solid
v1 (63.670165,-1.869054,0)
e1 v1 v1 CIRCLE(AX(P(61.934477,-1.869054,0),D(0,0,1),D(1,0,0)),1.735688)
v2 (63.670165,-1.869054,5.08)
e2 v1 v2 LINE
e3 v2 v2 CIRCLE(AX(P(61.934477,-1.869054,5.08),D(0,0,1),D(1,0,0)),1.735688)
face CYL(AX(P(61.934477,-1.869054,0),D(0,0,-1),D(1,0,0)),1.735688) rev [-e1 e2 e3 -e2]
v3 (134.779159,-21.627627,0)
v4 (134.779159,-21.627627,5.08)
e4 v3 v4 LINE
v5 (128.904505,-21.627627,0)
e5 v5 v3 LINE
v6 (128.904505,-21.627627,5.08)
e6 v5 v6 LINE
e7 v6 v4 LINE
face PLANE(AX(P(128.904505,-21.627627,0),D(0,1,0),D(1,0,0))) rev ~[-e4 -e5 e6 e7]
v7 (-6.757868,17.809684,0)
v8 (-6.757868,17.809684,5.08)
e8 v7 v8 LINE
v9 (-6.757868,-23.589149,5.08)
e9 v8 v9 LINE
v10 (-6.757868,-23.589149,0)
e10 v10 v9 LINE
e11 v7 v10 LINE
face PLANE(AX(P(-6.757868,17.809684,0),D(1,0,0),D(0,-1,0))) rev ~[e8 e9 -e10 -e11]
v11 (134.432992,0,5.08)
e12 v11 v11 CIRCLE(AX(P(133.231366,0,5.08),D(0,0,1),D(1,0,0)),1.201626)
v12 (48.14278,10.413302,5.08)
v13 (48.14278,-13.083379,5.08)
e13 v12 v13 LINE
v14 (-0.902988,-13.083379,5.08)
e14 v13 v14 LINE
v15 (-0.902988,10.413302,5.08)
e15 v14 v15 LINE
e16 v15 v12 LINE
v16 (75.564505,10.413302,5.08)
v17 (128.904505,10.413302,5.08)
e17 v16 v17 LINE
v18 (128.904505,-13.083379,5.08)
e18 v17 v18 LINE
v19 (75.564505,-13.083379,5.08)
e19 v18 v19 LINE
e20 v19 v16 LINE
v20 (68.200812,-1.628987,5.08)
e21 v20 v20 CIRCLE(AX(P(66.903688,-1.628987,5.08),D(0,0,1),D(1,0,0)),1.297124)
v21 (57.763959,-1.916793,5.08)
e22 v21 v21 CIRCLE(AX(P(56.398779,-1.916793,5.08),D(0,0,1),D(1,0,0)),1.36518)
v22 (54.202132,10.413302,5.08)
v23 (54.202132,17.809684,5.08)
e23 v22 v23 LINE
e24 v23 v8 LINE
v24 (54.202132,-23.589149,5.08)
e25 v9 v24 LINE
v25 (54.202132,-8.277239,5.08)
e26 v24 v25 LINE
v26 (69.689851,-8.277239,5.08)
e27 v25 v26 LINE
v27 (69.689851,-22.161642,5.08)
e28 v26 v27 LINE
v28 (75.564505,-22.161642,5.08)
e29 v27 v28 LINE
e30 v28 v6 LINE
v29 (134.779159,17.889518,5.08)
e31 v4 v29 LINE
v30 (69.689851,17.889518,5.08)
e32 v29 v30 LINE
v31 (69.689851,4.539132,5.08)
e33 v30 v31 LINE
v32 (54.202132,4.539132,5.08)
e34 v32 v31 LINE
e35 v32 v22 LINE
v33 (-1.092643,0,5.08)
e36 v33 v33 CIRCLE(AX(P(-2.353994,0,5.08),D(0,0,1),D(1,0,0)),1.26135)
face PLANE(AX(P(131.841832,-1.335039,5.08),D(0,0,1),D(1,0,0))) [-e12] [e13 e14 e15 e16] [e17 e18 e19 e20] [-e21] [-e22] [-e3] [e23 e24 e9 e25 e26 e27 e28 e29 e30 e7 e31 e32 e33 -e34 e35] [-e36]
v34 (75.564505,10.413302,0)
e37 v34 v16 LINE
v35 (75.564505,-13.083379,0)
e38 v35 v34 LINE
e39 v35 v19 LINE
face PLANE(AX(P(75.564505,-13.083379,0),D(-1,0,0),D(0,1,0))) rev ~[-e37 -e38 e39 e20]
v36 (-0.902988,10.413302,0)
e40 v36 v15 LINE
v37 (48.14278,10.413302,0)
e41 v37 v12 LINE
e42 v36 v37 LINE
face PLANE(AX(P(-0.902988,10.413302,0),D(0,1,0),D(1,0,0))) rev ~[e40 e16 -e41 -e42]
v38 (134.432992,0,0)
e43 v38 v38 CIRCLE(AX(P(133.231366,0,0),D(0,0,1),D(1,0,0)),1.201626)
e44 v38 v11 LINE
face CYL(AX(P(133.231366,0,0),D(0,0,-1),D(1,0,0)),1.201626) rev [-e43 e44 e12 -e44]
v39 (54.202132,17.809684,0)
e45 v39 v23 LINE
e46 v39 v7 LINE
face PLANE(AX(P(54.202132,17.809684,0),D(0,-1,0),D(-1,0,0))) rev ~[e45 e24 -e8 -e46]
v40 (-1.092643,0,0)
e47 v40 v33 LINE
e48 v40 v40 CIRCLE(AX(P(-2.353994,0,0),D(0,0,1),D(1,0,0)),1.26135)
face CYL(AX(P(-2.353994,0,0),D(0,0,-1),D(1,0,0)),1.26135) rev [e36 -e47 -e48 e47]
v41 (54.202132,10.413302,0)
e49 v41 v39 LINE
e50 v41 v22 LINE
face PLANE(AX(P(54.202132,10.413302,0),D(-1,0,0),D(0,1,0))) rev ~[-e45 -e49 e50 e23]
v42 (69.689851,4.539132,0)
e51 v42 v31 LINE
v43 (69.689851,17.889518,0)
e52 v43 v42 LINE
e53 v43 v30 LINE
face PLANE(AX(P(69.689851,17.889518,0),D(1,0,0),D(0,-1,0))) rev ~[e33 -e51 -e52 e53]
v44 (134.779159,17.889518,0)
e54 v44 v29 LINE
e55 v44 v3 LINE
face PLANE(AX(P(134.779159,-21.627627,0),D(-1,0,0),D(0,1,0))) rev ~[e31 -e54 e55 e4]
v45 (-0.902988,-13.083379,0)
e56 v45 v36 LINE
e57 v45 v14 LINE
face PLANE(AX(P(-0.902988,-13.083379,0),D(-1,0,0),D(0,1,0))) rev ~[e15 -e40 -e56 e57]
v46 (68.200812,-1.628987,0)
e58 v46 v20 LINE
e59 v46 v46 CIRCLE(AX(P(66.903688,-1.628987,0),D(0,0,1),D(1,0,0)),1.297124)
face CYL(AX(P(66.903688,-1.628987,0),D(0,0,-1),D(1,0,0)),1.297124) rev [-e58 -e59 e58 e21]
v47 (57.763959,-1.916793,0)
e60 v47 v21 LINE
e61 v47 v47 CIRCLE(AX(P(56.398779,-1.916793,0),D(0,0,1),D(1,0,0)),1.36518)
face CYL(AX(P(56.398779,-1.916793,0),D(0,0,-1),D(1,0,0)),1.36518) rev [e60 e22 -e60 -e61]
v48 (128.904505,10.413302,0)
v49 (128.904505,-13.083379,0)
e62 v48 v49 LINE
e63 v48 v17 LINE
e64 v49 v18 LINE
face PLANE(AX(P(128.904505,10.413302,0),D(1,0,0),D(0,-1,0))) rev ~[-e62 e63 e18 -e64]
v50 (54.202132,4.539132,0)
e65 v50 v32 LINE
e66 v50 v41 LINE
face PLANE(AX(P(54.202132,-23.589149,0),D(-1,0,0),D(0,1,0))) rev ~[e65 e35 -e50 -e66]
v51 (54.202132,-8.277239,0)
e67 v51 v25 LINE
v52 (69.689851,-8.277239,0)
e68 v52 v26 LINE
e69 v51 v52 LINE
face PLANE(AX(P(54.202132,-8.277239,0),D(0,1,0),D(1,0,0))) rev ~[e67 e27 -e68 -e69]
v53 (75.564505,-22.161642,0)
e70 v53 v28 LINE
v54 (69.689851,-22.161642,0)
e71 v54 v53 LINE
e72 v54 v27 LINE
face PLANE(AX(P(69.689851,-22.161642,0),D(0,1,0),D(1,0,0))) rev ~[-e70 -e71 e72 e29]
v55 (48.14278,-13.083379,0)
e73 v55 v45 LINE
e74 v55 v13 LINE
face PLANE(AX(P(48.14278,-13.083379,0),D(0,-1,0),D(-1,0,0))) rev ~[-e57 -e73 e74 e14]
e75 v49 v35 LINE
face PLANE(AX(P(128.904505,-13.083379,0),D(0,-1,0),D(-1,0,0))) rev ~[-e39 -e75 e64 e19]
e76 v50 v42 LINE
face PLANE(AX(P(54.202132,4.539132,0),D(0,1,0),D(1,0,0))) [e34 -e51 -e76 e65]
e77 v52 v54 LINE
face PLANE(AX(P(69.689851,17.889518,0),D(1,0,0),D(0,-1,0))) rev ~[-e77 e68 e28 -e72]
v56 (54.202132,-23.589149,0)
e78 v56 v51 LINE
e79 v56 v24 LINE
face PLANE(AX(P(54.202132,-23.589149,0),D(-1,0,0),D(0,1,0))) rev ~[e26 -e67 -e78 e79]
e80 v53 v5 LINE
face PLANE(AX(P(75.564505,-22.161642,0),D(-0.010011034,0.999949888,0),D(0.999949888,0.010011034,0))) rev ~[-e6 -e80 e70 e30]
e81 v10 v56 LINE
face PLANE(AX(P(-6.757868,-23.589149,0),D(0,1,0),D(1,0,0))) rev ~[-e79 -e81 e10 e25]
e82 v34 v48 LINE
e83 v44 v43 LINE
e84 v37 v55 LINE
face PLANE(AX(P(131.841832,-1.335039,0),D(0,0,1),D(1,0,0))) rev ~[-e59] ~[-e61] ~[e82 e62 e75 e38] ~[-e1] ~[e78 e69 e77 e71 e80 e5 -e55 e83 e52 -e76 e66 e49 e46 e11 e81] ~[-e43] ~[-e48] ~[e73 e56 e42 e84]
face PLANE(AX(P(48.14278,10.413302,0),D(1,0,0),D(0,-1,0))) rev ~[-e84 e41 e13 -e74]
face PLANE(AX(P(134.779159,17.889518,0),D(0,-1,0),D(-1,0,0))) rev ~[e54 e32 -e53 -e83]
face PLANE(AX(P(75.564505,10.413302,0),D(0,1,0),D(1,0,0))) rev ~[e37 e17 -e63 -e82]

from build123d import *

# Parameters (mm, degrees)
F0_W     = 53.34
F0_H     = 7.4762164177
F1_DEPTH = 5.08
F0_W_2   = 15.4877182819
F0_H_2   = 12.8163710635
F0_R     = 1.365180055
F0_R_2   = 1.7356876501
F0_R_3   = 1.2971240832
F2_DEPTH = 5.08
F0_R_4   = 1.201625658
F0_W_3   = 6.0593526471
F0_H_3   = 10.5057700578
F0_W_4   = 49.0457672859
F0_H_4   = 7.3963825689
F0_W_5   = 5.854880067
F0_H_5   = 23.4966807871
F0_R_5   = 1.2613504397
F3_DEPTH = 5.08


with BuildPart() as f1:
    # F0 (on Top) → F1 (new body)
    with BuildSketch(Plane.XY):
        with Locations((102.2345048122, 14.151409833)):
            Rectangle(F0_W, F0_H)
        Polygon((128.9045048122, 10.4133016241), (131.6407098506, 10.4133016241), (134.779159077, 10.4133016241), (134.779159077, 17.8895180418), (128.9045048122, 17.8895180418), align=None)
        Polygon((128.9045048122, -21.6276271147), (128.9045048122, -13.083379163), (75.5645048122, -13.083379163), (75.5645048122, -20.5595947167), (75.5645048122, -22.1616424497), align=None)
        Polygon((75.5645048122, -13.083379163), (75.5645048122, 10.4133016241), (75.5645048122, 17.8895180418), (69.6898505475, 17.8895180418), (69.6898505475, 4.5391316433), (69.6898505475, -8.2772394202), (69.6898505475, -22.1616424497), (75.5645048122, -22.1616424497), (75.5645048122, -20.5595947167), align=None)
    extrude(amount=F1_DEPTH)

    # F0 (on Top) → F2 (join)
    with BuildSketch(Plane.XY):
        with Locations((61.9459914065, -1.8690538884)):
            Rectangle(F0_W_2, F0_H_2)
        with Locations((56.3987791538, -1.916793175)):
            Circle(F0_R, mode=Mode.SUBTRACT)
        with Locations((61.9344774574, -1.8690538884)):
            Circle(F0_R_2, mode=Mode.SUBTRACT)
        with Locations((66.9036880136, -1.6289874911)):
            Circle(F0_R_3, mode=Mode.SUBTRACT)
    extrude(amount=F2_DEPTH)

    # F0 (on Top) → F3 (join)
    with BuildSketch(Plane.XY):
        Polygon((134.779159077, 10.4133016241), (131.6407098506, 10.4133016241), (128.9045048122, 10.4133016241), (128.9045048122, -13.083379163), (131.6407098506, -13.083379163), (134.779159077, -13.083379163), align=None)
        with Locations((133.2313663255, 0)):
            Circle(F0_R_4, mode=Mode.SUBTRACT)
        Polygon((131.6407098506, -13.083379163), (128.9045048122, -13.083379163), (128.9045048122, -21.6276271147), (134.779159077, -21.6276271147), (134.779159077, -13.083379163), align=None)
        with Locations((51.1724559421, -18.3362641919)):
            Rectangle(F0_W_3, F0_H_3)
        with Locations((23.6198959756, -18.3362641919)):
            Rectangle(F0_W_4, F0_H_3)
        Polygon((54.2021322656, -8.2772394202), (54.2021322656, 4.5391316433), (54.2021322656, 10.4133016241), (48.1427796185, 10.4133016241), (48.1427796185, -13.083379163), (54.2021322656, -13.083379163), align=None)
        with Locations((51.1724559421, 14.1114929086)):
            Rectangle(F0_W_3, F0_H_4)
        with Locations((23.6198959756, 14.1114929086)):
            Rectangle(F0_W_4, F0_H_4)
        with Locations((-3.8304277009, 14.1114929086)):
            Rectangle(F0_W_5, F0_H_4)
        with Locations((-3.8304277009, -18.3362641919)):
            Rectangle(F0_W_5, F0_H_3)
        with Locations((-3.8304277009, -1.3350387695)):
            Rectangle(F0_W_5, F0_H_5)
        with Locations((-2.3539937101, 0)):
            Circle(F0_R_5, mode=Mode.SUBTRACT)
    extrude(amount=F3_DEPTH)


solid = f1.part
